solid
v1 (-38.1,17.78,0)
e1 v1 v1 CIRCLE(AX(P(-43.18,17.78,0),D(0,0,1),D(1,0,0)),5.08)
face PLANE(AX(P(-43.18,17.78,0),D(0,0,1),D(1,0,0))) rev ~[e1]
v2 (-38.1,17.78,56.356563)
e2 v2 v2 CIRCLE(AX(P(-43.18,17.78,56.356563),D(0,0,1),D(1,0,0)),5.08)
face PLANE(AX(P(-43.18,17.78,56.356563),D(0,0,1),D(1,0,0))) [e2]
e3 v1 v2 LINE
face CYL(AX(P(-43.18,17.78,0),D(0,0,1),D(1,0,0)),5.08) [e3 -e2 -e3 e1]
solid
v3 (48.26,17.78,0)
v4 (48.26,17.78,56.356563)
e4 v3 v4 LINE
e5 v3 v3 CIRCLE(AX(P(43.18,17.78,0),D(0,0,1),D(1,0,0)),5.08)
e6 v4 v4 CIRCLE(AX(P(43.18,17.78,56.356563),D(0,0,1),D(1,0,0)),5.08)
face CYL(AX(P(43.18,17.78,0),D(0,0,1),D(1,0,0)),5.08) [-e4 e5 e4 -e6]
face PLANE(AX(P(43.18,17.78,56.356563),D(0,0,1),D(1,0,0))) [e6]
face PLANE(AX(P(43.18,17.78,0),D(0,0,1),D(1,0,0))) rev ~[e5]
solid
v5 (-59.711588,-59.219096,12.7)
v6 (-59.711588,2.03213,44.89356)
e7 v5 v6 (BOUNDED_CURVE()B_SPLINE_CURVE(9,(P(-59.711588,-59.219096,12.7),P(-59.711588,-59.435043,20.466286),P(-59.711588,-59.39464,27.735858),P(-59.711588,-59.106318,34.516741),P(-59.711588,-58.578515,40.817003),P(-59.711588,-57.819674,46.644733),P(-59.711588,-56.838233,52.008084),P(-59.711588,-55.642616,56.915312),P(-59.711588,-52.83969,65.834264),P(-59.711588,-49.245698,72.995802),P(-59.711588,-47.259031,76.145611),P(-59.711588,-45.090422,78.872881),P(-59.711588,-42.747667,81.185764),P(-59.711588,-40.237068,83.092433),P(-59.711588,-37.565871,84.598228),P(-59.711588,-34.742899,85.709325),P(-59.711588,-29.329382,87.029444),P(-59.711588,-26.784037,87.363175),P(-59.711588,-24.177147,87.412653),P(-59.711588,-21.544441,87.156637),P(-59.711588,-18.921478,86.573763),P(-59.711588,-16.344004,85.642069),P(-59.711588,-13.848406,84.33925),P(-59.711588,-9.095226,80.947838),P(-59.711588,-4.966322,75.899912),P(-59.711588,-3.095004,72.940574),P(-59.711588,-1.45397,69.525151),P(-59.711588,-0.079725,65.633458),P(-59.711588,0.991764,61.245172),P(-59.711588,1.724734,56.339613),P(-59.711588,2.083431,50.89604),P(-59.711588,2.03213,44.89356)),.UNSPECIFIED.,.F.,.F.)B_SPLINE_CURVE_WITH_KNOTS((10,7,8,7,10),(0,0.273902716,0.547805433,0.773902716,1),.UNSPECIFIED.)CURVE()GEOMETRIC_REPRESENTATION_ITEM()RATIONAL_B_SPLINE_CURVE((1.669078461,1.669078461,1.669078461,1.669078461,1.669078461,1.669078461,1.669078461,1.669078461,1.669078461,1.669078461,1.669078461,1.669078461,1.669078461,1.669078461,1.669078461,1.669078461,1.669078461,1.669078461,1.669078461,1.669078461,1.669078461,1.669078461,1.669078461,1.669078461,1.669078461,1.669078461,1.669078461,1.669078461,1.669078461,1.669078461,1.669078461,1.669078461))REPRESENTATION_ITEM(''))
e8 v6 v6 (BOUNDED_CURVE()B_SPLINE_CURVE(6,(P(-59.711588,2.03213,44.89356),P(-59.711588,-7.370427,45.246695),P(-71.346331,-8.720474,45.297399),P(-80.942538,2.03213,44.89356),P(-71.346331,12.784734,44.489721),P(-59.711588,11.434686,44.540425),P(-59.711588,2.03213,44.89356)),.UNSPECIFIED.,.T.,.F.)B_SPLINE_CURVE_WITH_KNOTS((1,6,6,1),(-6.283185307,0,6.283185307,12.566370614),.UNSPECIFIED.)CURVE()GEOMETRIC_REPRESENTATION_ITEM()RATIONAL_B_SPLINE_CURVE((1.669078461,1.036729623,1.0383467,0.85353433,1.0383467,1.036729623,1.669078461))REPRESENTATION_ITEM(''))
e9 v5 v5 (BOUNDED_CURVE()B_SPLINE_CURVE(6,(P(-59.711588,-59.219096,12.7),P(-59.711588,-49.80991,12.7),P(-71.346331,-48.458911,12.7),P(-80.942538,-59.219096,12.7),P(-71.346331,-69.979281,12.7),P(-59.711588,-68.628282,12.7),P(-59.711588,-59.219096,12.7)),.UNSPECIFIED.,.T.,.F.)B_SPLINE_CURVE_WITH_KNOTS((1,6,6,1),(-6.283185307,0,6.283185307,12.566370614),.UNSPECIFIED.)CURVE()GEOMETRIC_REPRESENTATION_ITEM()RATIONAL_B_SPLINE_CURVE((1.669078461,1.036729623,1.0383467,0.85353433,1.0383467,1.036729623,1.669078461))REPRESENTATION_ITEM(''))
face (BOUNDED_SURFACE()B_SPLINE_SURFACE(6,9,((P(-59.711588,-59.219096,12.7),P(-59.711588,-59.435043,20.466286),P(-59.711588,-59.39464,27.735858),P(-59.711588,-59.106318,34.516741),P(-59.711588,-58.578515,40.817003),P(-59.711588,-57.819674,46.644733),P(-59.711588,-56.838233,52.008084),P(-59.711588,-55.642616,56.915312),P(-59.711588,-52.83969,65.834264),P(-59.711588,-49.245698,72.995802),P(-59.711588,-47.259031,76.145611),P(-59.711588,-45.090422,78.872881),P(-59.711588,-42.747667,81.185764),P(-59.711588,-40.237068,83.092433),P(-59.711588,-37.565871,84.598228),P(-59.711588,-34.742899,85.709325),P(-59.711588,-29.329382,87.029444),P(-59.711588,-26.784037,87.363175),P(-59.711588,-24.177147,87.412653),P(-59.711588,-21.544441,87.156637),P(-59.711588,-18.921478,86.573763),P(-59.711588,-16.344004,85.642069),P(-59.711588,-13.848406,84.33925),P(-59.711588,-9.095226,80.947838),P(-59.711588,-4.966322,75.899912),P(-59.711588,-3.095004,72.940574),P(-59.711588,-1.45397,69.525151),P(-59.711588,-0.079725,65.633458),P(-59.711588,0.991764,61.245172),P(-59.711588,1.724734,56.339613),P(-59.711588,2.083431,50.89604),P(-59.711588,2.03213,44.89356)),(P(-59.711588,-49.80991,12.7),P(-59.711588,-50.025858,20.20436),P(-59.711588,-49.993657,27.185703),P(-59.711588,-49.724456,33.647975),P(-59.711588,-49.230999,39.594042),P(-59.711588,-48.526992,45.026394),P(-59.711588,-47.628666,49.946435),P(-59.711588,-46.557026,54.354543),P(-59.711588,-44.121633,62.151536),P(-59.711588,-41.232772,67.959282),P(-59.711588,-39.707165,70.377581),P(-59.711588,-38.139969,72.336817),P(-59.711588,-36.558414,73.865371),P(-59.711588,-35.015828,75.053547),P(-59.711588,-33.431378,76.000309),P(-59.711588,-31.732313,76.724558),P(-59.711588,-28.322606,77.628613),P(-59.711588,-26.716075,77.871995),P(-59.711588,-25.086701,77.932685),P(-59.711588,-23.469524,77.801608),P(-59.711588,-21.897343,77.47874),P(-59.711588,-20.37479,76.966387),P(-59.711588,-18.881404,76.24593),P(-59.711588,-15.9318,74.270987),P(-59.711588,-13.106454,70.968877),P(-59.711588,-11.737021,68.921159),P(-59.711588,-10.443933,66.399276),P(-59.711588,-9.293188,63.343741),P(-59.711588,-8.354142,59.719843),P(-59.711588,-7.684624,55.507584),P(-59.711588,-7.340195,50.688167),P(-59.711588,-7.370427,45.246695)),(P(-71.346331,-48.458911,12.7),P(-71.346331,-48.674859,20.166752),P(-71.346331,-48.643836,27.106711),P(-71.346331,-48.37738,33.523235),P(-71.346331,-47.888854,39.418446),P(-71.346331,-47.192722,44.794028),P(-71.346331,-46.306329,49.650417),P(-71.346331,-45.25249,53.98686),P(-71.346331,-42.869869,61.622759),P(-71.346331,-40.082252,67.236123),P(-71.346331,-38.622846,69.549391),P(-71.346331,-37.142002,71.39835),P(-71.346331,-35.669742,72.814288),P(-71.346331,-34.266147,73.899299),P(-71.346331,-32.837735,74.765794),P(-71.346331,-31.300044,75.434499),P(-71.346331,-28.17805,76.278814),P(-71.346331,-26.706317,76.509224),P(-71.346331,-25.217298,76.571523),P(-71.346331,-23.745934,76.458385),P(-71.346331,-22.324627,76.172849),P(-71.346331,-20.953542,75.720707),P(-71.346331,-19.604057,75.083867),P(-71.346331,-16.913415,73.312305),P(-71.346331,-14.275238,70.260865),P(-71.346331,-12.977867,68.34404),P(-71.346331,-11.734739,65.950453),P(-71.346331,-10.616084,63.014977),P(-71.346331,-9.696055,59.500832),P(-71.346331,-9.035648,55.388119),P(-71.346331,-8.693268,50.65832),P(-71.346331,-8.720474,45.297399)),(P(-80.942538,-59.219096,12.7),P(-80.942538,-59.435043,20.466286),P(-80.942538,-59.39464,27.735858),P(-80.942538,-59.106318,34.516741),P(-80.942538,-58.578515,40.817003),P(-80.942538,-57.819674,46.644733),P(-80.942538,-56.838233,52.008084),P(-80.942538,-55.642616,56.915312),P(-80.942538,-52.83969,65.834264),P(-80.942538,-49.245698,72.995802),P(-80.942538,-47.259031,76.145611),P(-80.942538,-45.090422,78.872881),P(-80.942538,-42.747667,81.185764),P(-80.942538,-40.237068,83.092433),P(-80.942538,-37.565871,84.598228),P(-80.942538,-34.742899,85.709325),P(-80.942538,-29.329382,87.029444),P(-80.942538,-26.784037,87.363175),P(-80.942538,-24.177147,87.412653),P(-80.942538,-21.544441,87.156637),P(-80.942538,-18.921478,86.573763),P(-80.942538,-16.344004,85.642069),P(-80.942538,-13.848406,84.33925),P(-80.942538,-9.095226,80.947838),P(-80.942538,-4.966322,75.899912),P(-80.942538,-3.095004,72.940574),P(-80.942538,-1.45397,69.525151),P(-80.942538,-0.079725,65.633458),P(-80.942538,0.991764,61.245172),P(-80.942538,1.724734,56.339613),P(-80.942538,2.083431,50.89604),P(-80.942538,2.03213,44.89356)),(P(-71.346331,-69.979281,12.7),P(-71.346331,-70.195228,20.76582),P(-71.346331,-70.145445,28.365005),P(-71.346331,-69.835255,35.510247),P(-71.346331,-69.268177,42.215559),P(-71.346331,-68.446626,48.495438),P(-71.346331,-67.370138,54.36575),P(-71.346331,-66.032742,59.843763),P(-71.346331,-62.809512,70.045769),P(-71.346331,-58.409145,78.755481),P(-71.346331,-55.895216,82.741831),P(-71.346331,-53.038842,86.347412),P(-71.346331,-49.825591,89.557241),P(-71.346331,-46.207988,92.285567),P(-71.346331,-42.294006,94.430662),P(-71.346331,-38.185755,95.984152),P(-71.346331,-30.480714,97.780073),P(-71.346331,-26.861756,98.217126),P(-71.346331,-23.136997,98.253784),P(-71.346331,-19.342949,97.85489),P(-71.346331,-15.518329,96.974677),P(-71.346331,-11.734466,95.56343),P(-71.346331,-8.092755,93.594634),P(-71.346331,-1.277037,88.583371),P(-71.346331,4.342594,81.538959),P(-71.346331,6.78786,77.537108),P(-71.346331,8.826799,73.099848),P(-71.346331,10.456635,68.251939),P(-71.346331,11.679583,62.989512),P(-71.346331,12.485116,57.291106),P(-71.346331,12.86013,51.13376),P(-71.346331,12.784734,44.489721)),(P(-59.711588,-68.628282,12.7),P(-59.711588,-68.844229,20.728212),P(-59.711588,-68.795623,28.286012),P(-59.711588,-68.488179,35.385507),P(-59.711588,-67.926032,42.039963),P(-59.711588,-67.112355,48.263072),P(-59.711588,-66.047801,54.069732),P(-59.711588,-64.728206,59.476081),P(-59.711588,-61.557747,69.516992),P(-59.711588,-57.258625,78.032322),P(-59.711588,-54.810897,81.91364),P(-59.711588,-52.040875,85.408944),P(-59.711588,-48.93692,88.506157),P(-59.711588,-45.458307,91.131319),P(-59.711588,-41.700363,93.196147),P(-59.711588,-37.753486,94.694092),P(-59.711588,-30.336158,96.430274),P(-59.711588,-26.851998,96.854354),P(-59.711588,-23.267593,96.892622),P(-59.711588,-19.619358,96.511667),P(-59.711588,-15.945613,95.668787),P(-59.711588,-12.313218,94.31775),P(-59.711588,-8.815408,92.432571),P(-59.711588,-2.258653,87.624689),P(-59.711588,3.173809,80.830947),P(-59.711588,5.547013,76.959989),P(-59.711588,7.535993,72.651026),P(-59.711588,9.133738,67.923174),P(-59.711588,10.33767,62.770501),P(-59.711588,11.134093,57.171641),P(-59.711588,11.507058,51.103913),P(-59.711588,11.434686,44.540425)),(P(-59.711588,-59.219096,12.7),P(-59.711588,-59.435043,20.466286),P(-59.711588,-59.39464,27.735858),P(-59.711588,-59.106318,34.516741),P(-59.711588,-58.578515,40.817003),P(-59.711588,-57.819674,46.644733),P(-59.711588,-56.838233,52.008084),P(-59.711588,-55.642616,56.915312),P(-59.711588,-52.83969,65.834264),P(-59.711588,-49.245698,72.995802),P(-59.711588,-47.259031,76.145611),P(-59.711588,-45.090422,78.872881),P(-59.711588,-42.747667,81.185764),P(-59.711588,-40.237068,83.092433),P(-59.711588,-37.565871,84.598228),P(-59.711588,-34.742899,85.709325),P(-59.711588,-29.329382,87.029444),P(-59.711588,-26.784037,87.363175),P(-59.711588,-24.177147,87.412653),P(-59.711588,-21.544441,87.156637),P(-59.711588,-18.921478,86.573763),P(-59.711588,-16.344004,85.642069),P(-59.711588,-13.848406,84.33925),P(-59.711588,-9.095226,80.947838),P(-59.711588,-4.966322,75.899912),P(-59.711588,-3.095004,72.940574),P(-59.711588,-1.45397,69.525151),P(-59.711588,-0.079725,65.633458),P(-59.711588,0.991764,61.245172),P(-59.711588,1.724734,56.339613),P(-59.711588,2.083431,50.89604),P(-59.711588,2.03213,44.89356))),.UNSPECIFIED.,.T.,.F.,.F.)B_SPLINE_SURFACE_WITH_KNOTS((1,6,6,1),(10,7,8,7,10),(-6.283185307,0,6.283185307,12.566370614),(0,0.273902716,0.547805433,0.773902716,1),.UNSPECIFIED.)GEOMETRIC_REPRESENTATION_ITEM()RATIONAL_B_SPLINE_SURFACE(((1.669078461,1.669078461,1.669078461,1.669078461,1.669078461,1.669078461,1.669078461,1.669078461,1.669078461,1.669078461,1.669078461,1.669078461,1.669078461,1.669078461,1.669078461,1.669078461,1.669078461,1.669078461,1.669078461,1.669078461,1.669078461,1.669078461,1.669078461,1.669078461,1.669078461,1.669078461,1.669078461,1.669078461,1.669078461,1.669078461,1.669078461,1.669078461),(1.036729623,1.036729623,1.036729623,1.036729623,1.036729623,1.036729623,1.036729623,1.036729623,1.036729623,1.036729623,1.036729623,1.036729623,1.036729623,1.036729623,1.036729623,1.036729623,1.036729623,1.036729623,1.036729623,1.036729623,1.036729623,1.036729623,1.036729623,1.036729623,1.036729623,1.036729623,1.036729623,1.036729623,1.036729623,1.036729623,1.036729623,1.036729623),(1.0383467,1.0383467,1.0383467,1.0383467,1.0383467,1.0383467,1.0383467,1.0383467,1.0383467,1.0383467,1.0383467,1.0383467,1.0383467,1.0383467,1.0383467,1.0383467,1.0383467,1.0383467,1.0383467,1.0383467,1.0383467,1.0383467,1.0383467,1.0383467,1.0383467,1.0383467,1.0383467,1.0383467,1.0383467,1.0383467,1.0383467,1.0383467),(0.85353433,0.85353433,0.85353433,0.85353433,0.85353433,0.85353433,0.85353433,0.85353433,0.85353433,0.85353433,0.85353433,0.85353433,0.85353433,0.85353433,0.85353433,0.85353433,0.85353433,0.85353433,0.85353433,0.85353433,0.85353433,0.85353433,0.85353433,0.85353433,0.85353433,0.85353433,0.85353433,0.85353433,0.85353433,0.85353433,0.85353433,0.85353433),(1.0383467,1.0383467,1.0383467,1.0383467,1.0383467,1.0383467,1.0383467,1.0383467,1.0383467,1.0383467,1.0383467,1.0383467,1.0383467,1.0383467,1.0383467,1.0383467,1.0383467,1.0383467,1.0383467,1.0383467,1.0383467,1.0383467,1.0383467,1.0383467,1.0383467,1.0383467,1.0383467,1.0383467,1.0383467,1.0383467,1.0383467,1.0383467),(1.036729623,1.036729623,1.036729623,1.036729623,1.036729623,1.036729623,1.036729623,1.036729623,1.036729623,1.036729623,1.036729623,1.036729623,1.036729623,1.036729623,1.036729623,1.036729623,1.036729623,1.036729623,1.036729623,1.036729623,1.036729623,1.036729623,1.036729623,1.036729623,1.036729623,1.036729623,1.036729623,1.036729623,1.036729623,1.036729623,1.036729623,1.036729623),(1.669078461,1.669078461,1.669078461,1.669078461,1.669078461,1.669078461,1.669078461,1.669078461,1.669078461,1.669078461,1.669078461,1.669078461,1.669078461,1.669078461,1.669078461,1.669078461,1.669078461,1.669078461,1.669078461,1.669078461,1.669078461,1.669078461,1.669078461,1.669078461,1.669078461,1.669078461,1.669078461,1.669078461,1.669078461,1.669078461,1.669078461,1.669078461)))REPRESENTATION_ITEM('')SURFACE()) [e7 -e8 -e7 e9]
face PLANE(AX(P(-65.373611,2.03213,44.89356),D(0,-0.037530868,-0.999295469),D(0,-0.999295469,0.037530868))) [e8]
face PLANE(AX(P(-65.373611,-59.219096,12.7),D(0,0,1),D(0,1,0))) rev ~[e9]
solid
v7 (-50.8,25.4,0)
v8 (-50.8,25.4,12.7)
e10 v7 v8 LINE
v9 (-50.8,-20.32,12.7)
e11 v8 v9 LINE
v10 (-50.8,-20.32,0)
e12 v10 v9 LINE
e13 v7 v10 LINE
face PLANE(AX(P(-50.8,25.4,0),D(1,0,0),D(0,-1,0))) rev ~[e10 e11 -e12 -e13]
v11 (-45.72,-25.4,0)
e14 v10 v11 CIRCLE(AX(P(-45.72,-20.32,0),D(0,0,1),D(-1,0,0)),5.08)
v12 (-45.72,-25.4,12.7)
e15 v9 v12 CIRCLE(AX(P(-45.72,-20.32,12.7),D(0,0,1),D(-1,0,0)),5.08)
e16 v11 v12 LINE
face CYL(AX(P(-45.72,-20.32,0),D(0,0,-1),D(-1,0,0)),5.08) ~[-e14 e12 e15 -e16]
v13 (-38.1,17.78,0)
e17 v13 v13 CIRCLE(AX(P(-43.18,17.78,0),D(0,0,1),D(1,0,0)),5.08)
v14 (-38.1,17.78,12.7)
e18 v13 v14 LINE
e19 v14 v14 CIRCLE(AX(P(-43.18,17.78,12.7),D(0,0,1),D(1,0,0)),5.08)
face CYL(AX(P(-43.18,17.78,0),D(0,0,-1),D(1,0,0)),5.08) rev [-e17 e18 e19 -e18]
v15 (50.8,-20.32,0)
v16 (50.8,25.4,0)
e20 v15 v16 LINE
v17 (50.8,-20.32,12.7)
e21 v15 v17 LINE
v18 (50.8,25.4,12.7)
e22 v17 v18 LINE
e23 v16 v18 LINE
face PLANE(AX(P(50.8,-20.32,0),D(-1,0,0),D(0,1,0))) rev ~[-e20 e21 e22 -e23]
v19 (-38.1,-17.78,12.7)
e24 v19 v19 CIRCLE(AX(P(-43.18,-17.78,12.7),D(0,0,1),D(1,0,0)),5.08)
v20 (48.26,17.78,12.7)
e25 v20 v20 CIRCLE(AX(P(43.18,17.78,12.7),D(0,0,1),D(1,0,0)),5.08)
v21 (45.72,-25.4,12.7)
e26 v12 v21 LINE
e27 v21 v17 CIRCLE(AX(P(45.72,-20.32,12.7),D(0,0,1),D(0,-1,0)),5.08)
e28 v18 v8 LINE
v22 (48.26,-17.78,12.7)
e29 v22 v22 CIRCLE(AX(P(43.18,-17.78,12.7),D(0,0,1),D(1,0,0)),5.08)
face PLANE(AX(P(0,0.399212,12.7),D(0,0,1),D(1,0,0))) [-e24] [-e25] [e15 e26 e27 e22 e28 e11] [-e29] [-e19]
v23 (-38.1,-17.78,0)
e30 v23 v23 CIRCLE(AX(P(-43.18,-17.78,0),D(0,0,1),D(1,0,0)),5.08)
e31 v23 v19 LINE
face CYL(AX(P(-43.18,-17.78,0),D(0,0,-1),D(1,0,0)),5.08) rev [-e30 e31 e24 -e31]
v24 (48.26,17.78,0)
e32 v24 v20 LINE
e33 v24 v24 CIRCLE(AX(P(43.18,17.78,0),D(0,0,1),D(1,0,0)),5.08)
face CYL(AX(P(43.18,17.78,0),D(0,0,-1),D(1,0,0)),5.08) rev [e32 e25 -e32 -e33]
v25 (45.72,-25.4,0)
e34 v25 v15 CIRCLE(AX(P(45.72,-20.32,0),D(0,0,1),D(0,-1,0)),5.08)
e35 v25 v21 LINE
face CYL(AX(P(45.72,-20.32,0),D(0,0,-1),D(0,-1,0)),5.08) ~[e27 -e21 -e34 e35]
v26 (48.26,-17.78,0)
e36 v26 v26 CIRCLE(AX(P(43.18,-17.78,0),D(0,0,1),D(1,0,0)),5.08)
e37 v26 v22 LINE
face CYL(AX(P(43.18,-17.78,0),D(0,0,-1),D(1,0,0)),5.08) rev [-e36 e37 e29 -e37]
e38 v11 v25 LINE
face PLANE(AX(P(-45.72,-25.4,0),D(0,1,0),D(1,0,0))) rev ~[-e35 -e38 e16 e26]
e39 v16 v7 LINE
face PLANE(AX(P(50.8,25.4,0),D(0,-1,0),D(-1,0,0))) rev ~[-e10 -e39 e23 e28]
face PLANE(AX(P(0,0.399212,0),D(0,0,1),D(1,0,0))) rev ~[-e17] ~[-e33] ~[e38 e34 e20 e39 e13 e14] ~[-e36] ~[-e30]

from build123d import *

# Parameters (mm, degrees)
F0_R     = 5.08
F1_DEPTH = 12.7
F4_R     = 5.6629201778


with BuildPart() as f1:
    # F0 (on Top) → F1 (new body)
    with BuildSketch(Plane.XY):
        with BuildLine():
            Line((50.8, 25.4), (-50.8, 25.4))
            Line((-50.8, 25.4), (-50.8, -20.32))
            ThreePointArc((-50.8, -20.32), (-49.3121024484, -23.9121024484), (-45.72, -25.4))
            Line((-45.72, -25.4), (45.72, -25.4))
            ThreePointArc((45.72, -25.4), (49.3121024484, -23.9121024484), (50.8, -20.32))
            Line((50.8, -20.32), (50.8, 25.4))
        make_face()
        with Locations((-43.18, -17.78)):
            Circle(F0_R, mode=Mode.SUBTRACT)
        with Locations((43.18, -17.78)):
            Circle(F0_R, mode=Mode.SUBTRACT)
        with Locations((-43.18, 17.78)):
            Circle(F0_R, mode=Mode.SUBTRACT)
        with Locations((43.18, 17.78)):
            Circle(F0_R, mode=Mode.SUBTRACT)
    extrude(amount=F1_DEPTH)


with BuildPart() as f3:
    # F3: sweep along a path in F2
    with BuildLine(Plane(origin=(-50.8, 0, 0), x_dir=(0, -1, 0), z_dir=(-1, 0, 0))) as f3_path:
        Line((-18.5537710786, 12.7), (-18.5537710786, 69.0565630794))
    # F0 (on Top) → F3 (sweep)
    with BuildSketch(Plane.XY):
        with Locations((-43.18, 17.78)):
            Circle(F0_R)
        with Locations((43.18, 17.78)):
            Circle(F0_R)
    sweep(path=f3_path.line)


with BuildPart() as f6:
    # F6: sweep along a path in F5
    with BuildLine(Plane.YZ.offset(50.8)) as f6_path:
        add(Plane.YZ.offset(50.8) * Edge.make_bspline(
            [(-59.1373257339, 12.8902019933), (-60.4012432353, 59.4742599736), (-40.206081369, 100.9540456467), (2.3180330713, 80.6896340972), (1.9432787085, 44.7065606713)],
            knots=[0, 0, 0, 0, 0.5478054325, 1, 1, 1, 1], degree=3))
    # F4 (on face) → F6 (sweep)
    with BuildSketch(Plane.XY.offset(12.7)):
        with Locations((-65.3745085001, -59.219095856)):
            Circle(F4_R)
    sweep(path=f6_path.line)


solid = Compound([f1.part, f3.part, f6.part])
